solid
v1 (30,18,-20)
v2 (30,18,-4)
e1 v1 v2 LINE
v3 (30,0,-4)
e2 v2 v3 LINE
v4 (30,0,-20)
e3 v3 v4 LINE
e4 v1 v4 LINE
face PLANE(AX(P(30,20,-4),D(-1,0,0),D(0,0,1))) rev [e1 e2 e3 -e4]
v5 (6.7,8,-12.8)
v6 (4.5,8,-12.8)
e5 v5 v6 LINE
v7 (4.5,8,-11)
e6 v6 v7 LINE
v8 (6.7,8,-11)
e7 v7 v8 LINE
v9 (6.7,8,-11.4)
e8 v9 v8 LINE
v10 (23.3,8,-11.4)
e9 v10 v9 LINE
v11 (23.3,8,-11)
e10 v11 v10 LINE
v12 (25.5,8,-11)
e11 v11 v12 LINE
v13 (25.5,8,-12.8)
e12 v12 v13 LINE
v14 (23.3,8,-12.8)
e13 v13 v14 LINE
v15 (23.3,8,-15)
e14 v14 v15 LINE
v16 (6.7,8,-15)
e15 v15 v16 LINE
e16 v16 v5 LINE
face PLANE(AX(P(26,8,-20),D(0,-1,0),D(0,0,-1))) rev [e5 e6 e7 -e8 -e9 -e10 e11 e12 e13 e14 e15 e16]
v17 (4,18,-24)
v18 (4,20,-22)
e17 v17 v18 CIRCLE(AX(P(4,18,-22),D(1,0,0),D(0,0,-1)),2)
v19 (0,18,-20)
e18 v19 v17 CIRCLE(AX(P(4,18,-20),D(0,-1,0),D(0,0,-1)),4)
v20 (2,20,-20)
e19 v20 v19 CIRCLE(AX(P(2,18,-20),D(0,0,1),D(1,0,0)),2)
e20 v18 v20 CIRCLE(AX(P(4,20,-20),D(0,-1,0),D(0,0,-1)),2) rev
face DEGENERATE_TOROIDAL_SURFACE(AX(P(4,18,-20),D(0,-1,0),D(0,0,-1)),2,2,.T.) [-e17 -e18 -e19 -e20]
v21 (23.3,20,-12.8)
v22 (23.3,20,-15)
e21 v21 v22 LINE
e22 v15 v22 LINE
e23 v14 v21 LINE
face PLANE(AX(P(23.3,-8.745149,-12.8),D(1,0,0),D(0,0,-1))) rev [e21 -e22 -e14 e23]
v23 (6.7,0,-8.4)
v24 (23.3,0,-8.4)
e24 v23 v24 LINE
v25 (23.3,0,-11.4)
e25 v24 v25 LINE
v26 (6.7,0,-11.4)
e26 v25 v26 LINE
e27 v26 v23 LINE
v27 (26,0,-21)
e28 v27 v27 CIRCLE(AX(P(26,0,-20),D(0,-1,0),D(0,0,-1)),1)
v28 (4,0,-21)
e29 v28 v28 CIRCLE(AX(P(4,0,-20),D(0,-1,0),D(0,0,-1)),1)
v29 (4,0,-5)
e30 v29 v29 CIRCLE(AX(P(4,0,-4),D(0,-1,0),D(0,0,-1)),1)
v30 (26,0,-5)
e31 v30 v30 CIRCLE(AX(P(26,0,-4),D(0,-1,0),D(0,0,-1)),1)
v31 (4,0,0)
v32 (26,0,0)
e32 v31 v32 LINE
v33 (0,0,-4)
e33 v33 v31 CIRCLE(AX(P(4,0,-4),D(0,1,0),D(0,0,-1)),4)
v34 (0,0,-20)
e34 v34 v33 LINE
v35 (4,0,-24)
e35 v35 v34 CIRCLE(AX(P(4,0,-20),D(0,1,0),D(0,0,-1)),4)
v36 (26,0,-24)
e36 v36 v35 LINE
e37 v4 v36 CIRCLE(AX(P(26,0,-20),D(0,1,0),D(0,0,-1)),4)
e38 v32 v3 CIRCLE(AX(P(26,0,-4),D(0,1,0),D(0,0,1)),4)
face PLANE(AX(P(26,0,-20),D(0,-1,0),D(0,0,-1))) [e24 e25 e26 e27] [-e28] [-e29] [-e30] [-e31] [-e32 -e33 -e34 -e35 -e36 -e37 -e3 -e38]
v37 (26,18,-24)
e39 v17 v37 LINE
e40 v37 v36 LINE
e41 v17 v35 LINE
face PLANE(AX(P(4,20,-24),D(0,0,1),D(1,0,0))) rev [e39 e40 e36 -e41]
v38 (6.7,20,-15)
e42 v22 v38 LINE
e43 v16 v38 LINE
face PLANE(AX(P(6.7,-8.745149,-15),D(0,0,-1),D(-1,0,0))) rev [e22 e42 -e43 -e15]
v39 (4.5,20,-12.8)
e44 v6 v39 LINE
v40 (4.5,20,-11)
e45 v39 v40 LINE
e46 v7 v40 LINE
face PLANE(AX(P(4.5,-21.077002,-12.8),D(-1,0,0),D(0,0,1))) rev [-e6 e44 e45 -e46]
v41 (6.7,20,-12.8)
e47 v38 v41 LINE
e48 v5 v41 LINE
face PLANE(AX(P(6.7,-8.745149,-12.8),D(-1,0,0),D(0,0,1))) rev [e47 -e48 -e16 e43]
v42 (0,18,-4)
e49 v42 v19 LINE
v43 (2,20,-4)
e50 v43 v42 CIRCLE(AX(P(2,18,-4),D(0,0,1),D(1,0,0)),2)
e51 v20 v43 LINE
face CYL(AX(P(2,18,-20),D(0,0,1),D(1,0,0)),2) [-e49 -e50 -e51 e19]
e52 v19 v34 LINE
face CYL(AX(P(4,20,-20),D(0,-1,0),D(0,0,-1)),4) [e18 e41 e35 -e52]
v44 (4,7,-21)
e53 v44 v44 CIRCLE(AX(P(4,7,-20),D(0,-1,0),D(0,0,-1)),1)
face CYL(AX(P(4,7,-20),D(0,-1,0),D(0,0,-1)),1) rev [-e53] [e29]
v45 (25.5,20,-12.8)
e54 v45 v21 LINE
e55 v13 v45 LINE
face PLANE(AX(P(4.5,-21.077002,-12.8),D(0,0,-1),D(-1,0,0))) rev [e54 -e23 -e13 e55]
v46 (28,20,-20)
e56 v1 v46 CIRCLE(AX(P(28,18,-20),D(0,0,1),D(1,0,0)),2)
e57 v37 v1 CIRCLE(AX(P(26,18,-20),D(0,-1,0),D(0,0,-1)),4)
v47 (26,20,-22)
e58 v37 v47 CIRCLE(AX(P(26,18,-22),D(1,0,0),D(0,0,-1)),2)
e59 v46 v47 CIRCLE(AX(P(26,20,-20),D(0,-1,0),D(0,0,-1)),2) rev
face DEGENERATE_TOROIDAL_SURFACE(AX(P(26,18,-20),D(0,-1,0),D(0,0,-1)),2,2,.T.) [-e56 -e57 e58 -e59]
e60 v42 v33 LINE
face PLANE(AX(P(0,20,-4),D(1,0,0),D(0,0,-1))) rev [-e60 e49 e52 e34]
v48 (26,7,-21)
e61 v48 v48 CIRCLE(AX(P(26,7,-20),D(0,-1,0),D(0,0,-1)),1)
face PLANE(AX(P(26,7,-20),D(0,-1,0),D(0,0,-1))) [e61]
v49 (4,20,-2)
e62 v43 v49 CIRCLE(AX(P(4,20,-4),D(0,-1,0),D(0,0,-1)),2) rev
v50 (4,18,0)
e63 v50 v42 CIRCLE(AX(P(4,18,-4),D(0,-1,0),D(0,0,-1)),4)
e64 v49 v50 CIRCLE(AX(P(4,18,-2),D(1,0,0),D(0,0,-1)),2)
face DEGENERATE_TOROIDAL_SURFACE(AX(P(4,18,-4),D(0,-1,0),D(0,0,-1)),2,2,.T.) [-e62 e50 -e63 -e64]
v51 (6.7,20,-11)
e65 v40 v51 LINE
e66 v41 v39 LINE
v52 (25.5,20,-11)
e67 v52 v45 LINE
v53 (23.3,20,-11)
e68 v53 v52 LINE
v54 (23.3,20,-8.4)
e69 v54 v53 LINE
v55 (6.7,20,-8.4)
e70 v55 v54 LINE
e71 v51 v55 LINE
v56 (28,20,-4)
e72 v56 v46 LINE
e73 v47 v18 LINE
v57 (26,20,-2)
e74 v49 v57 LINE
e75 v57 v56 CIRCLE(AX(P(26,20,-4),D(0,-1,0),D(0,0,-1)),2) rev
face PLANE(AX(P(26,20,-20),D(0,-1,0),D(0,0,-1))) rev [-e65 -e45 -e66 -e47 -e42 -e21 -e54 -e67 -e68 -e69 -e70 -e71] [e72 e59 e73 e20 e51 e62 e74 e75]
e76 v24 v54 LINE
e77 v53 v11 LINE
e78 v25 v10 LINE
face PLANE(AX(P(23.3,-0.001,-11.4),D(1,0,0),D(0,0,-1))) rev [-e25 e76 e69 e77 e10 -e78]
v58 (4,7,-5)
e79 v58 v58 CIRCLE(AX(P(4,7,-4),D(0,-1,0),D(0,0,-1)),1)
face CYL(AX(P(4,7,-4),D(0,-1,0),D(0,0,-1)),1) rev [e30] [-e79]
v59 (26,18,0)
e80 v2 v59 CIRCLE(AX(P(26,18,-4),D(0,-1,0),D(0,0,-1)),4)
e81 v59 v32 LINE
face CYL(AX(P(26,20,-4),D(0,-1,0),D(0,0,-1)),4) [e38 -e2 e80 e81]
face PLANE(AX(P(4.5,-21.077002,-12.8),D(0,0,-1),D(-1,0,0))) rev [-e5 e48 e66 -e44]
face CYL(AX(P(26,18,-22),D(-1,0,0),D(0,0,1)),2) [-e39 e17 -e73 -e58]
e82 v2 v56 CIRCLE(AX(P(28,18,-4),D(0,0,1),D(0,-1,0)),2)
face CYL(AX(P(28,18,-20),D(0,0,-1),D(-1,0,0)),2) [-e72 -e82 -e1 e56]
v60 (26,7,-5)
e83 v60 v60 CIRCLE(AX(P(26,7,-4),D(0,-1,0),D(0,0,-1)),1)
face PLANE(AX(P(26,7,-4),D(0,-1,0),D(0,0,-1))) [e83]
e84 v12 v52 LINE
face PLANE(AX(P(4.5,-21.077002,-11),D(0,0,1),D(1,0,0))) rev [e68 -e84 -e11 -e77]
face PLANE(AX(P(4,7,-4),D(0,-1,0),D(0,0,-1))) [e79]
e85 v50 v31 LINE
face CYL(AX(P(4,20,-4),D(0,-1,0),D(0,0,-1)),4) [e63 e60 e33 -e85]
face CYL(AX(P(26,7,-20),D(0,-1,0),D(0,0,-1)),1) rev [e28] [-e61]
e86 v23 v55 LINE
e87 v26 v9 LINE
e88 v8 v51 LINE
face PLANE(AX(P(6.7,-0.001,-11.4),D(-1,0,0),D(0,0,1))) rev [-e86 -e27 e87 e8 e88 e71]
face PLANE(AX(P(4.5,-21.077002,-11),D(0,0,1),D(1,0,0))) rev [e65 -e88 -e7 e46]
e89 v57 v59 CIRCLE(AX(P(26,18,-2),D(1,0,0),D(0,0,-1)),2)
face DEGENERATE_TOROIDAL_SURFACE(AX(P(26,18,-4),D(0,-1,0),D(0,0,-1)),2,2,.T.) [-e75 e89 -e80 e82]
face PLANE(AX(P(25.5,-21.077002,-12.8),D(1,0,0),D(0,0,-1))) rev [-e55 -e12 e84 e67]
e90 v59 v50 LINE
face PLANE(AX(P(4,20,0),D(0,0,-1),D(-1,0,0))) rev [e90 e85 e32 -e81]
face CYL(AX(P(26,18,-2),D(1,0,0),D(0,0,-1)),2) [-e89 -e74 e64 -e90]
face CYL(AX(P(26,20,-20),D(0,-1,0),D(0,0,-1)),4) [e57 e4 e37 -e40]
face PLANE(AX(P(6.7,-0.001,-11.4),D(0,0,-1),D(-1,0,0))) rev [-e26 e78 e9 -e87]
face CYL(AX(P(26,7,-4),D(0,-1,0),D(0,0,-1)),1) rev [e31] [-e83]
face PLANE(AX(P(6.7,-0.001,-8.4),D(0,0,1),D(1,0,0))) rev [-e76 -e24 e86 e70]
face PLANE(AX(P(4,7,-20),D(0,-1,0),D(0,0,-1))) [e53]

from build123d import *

# Parameters (mm, degrees)
EXTRUDE_388_DEPTH      = 20
FILLET_1_R             = 2
SKETCH_6_R             = 1
CUT_EXTRUDE_1034_DEPTH = 7
CUT_EXTRUDE_1428_REACH = 45.313
SKETCH_3_W             = 16.6
SKETCH_3_H             = 3
SKETCH_2_W             = 21
SKETCH_2_H             = 1.8
CUT_EXTRUDE_1921_DEPTH = 12
SKETCH_7_W             = 16.6
SKETCH_7_H             = 2.2
CUT_EXTRUDE_1_DEPTH    = 12


with BuildPart() as part:
    # Эскиз1 → Extrude 388 (new body)
    with BuildSketch(Plane(origin=(0, 0, 0), x_dir=(1, 0, 0), z_dir=(0, 1, 0))):
        with BuildLine():
            Line((4, 0), (26, 0))
            ThreePointArc((26, 0), (28.828427125, 1.171572875), (30, 4))
            Line((30, 4), (30, 20))
            ThreePointArc((30, 20), (28.828427125, 22.828427125), (26, 24))
            Line((26, 24), (4, 24))
            ThreePointArc((4, 24), (1.171572875, 22.828427125), (0, 20))
            Line((0, 20), (0, 4))
            ThreePointArc((0, 4), (1.171572875, 1.171572875), (4, 0))
        make_face()
    extrude(amount=EXTRUDE_388_DEPTH)

    # Скругление1
    fillet_1_edges = [part.edges().sort_by_distance(p)[0] for p in [
        (1.171572875, 20, -22.828427125),
        (0, 20, -12),
        (1.171572875, 20, -1.171572875),
        (15, 20, 0),
        (28.828427125, 20, -1.171572875),
        (30, 20, -12),
        (28.828427125, 20, -22.828427125),
        (15, 20, -24),
    ]]
    fillet(fillet_1_edges, radius=FILLET_1_R)

    # Эскиз6 → Cut-Extrude 1034 (cut)
    with BuildSketch(Plane.XZ):
        with Locations(Location((4, -4, 0), (0, 0, 270))):
            Circle(SKETCH_6_R)
        with Locations(Location((26, -4, 0), (0, 0, 270))):
            Circle(SKETCH_6_R)
        with Locations(Location((26, -20, 0), (0, 0, 270))):
            Circle(SKETCH_6_R)
        with Locations(Location((4, -20, 0), (0, 0, 270))):
            Circle(SKETCH_6_R)
    extrude(amount=-CUT_EXTRUDE_1034_DEPTH, mode=Mode.SUBTRACT)

    # Эскиз3 → Cut-Extrude 1428 (cut, up to next)
    with BuildSketch(Plane(origin=(0, 20, 0), x_dir=(1, 0, 0), z_dir=(0, 1, 0)), mode=Mode.PRIVATE) as cut_extrude_1428_sk1:
        with Locations((15, 9.9)):
            Rectangle(SKETCH_3_W, SKETCH_3_H)
    cut_extrude_1428_tool1 = extrude(cut_extrude_1428_sk1.sketch, amount=-CUT_EXTRUDE_1428_REACH, mode=Mode.PRIVATE) & part.part
    add(cut_extrude_1428_tool1.solids().sort_by_distance((15, 20, -9.9))[0], mode=Mode.SUBTRACT)

    # Эскиз2 → Cut-Extrude 1921 (cut)
    with BuildSketch(Plane(origin=(0, 20, 0), x_dir=(1, 0, 0), z_dir=(0, 1, 0))):
        with Locations((15, 11.9)):
            Rectangle(SKETCH_2_W, SKETCH_2_H)
    extrude(amount=-CUT_EXTRUDE_1921_DEPTH, mode=Mode.SUBTRACT)

    # Эскиз7 → Вырез-Вытянуть1 (cut)
    with BuildSketch(Plane(origin=(0, 20, 0), x_dir=(1, 0, 0), z_dir=(0, 1, 0))):
        with Locations((15, 13.9)):
            Rectangle(SKETCH_7_W, SKETCH_7_H)
    extrude(amount=-CUT_EXTRUDE_1_DEPTH, mode=Mode.SUBTRACT)


solid = part.part
